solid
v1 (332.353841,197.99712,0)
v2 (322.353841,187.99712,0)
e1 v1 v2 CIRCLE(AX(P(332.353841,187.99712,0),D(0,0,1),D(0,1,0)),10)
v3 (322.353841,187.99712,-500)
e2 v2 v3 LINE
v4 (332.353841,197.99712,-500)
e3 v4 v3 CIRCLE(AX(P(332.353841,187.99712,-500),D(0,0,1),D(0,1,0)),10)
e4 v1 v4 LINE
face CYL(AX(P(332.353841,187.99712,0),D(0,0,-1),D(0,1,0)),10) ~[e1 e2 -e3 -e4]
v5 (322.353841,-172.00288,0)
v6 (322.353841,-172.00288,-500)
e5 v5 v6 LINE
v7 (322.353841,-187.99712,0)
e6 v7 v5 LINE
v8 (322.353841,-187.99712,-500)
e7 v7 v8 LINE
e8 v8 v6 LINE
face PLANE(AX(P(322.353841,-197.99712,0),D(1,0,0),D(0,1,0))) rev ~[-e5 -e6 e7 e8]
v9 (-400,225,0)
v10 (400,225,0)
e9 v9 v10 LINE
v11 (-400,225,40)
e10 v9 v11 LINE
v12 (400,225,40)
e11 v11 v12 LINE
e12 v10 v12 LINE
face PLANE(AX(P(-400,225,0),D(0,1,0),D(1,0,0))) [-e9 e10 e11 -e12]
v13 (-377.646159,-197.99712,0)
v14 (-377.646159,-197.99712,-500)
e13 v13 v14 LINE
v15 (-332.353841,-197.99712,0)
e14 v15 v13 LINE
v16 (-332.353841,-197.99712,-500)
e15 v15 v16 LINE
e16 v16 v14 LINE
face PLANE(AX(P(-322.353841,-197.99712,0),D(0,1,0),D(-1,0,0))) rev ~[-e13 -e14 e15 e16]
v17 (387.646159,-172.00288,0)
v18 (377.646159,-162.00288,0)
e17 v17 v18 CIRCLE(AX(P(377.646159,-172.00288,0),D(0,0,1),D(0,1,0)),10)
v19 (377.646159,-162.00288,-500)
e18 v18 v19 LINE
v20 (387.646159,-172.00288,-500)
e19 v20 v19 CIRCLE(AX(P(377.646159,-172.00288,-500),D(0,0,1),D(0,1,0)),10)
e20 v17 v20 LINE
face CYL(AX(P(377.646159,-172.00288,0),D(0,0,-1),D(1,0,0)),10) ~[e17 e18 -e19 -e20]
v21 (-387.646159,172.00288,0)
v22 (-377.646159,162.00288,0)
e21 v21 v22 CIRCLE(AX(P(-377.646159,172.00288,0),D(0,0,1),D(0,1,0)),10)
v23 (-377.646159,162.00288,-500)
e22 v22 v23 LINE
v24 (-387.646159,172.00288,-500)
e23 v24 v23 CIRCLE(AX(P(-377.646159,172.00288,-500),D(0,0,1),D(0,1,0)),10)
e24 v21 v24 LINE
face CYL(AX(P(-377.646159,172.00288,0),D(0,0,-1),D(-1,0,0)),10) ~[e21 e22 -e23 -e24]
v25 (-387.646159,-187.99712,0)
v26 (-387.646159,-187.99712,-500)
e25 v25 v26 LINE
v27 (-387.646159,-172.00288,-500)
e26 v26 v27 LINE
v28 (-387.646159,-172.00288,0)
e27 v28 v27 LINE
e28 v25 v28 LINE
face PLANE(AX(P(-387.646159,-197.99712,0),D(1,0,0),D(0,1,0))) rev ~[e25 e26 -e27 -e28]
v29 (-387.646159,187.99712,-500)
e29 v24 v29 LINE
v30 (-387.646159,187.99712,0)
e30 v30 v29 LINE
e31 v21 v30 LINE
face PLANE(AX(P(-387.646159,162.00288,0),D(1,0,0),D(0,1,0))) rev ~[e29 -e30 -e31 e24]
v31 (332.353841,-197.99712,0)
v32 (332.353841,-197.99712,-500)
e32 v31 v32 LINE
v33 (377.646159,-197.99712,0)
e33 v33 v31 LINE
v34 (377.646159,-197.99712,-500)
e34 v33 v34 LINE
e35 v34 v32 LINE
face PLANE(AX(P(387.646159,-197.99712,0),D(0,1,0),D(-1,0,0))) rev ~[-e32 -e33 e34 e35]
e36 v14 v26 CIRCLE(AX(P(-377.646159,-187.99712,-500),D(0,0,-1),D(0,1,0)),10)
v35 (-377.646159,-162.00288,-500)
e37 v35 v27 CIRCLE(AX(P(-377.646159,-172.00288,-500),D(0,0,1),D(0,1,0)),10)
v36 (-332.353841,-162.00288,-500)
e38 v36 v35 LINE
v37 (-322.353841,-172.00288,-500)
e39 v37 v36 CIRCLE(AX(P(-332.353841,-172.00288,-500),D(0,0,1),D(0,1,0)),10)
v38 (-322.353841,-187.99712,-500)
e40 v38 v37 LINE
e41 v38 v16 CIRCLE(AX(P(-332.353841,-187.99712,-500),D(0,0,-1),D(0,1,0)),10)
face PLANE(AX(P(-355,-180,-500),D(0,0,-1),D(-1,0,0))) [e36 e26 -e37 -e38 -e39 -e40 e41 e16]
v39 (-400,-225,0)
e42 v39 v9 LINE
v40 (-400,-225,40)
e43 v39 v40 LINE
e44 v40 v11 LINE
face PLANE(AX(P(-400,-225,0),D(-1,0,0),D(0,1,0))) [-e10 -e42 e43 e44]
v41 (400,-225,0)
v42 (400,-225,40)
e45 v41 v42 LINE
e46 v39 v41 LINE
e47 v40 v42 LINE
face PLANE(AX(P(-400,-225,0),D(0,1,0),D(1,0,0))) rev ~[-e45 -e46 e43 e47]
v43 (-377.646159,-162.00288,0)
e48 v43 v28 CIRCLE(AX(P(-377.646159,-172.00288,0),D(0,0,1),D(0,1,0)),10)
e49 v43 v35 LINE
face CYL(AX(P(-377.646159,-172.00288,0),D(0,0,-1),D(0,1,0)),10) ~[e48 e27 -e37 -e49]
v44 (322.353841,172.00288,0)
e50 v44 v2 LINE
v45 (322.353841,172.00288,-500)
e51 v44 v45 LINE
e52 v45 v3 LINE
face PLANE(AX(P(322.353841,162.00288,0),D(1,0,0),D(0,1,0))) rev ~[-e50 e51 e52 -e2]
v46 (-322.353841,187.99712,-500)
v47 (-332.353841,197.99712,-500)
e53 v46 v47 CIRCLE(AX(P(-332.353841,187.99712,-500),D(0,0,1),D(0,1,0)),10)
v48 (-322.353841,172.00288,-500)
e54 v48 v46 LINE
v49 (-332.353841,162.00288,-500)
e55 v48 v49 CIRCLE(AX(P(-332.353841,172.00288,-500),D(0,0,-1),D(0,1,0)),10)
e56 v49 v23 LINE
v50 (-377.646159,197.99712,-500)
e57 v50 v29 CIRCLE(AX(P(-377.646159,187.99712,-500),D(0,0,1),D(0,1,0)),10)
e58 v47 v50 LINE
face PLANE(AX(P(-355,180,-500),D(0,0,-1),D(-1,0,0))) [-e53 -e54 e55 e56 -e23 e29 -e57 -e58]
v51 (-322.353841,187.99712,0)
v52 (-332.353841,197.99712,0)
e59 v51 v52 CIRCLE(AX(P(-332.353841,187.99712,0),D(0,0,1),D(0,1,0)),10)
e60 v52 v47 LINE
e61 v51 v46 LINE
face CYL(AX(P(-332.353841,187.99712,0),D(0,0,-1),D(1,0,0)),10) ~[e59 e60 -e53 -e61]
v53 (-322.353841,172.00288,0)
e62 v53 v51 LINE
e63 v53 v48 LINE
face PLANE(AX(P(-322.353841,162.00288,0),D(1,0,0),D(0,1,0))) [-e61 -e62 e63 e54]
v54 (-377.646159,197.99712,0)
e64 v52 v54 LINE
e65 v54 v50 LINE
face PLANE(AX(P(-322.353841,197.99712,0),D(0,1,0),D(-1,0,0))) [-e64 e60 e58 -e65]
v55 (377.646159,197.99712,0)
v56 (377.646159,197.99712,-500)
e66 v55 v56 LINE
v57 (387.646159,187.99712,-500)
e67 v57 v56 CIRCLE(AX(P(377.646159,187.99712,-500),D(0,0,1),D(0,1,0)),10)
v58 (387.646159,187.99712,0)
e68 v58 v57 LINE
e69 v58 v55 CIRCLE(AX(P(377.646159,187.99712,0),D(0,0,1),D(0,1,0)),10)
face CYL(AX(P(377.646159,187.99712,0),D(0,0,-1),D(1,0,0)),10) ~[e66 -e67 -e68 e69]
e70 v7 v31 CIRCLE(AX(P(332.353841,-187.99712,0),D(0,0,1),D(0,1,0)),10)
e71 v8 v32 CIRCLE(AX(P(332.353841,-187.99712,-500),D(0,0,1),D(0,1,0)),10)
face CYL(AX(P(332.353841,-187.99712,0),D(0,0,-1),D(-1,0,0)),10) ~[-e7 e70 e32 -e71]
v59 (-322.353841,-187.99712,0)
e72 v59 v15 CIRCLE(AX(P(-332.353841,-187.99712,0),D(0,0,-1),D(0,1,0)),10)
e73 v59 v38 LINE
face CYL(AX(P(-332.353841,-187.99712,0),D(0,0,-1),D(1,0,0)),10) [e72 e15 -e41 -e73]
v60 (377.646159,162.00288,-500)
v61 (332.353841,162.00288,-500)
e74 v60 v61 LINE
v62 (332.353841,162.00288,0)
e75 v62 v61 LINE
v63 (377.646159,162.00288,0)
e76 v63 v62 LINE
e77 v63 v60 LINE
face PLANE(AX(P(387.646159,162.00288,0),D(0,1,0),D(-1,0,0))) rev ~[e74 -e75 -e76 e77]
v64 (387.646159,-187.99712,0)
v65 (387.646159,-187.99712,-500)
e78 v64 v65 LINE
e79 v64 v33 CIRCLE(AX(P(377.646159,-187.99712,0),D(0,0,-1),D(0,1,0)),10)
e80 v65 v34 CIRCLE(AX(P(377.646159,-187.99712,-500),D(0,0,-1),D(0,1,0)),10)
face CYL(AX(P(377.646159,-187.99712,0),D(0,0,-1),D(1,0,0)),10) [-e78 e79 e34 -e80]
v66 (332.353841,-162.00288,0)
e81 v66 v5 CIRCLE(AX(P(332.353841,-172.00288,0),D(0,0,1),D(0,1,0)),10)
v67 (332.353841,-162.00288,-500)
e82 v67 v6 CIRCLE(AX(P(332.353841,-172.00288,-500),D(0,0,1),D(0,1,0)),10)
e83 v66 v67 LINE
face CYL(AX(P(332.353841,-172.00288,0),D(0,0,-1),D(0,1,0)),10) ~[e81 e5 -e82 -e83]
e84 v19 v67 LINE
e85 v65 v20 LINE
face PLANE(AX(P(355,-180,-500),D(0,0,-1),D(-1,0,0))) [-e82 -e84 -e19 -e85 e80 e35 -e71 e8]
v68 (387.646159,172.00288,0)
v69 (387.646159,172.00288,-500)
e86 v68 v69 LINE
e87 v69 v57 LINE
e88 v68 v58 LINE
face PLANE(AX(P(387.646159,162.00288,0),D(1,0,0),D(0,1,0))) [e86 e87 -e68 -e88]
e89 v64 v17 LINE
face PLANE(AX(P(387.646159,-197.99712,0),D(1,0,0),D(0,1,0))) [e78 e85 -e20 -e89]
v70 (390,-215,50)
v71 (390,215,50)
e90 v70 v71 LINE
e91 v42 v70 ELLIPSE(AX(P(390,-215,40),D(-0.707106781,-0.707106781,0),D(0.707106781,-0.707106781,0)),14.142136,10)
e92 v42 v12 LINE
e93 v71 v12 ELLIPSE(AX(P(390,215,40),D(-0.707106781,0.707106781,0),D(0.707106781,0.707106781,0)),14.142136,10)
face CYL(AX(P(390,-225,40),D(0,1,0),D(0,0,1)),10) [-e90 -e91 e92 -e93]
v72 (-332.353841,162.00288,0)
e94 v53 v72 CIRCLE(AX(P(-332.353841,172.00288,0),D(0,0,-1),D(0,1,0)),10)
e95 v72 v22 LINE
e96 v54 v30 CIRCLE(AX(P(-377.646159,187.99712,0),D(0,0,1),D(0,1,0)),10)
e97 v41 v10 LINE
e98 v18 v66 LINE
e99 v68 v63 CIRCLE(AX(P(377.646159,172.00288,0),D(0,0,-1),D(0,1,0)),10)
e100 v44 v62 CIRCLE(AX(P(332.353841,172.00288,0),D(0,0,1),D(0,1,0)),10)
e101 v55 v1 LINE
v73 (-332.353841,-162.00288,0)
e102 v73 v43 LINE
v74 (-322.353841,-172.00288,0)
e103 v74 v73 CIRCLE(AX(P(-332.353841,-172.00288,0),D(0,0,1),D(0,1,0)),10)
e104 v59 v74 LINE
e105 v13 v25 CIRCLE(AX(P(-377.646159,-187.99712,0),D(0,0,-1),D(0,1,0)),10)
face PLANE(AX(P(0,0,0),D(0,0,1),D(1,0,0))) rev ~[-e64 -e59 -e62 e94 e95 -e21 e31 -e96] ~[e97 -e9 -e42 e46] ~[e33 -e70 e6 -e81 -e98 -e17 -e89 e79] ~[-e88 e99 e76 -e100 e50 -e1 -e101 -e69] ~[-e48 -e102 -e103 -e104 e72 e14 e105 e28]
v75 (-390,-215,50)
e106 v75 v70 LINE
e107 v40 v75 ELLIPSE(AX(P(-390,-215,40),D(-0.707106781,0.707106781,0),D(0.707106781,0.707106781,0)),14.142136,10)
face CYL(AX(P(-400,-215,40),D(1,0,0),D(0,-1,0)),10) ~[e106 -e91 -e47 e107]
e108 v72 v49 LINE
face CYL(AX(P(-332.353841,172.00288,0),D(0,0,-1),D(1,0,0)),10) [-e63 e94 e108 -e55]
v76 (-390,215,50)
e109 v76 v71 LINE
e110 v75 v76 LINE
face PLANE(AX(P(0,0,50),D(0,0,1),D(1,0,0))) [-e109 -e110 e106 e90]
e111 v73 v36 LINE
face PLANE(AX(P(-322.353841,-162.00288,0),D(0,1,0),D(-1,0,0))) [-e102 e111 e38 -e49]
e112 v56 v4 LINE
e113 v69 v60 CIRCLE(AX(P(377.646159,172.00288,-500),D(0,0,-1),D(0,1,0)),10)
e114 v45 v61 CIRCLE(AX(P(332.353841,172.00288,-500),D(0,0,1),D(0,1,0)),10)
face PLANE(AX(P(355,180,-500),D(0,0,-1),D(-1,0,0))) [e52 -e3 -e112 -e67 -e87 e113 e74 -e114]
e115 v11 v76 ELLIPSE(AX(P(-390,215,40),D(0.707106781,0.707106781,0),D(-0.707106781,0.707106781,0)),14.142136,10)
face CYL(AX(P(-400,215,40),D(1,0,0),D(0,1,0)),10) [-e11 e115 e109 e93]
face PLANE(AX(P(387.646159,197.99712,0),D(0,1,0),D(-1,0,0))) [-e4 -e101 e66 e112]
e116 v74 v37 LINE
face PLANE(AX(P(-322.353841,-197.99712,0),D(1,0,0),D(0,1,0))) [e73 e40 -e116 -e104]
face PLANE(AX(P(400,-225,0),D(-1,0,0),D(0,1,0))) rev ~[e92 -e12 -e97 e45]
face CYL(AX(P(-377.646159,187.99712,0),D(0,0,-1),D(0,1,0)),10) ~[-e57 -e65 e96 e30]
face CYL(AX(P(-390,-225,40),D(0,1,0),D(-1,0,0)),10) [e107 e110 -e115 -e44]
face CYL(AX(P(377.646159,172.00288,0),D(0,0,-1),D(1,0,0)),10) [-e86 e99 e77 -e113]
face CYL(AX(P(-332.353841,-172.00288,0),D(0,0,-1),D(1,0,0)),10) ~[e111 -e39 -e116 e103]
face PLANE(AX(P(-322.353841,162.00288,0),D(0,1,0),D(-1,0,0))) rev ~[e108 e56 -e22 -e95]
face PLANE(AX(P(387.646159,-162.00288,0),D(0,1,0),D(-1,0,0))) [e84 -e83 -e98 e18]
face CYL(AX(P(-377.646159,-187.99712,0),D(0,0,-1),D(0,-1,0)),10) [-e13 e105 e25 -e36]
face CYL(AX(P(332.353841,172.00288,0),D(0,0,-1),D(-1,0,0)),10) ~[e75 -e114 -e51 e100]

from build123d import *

# Parameters (mm, degrees)
SKETCH1_W            = 800
SKETCH1_H            = 450
TABLE_DEPTH          = 50
SKETCH2_W            = 65.292318294
SKETCH2_H            = 35.994240988
PIED_DEPTH           = 500
LPATTERN3_COUNT      = 2
LPATTERN3_PITCH      = 710
LPATTERN3_COUNT_DIR2 = 2
LPATTERN3_PITCH_DIR2 = 360
FILLET1_R            = 10
FILLET2_R            = 10
FILLET3_R            = 10
FILLET4_R            = 10
FILLET5_R            = 10


with BuildPart() as part:
    # Sketch1 → Table (new body)
    with BuildSketch(Plane.XY):
        Rectangle(SKETCH1_W, SKETCH1_H)
    extrude(amount=TABLE_DEPTH)

    # Sketch2 → pied (add)
    with BuildSketch(Plane(origin=(0, 0, 0), x_dir=(-1, 0, 0), z_dir=(0, 0, -1))):
        with Locations((355, -180)):
            Rectangle(SKETCH2_W, SKETCH2_H)
    pied = extrude(amount=PIED_DEPTH)

    # LPattern3: pied 2 × 2
    with Locations(*[(i * LPATTERN3_PITCH, j * LPATTERN3_PITCH_DIR2, 0) for i in range(LPATTERN3_COUNT) for j in range(LPATTERN3_COUNT_DIR2) if (i, j) != (0, 0)]):
        add(pied)

    # Fillet1
    fillet1_edges = [part.edges().sort_by_distance(p)[0] for p in [
        (-400, 0, 50),
        (0, -225, 50),
        (400, 0, 50),
        (0, 225, 50),
    ]]
    fillet(fillet1_edges, radius=FILLET1_R)

    # Fillet2
    fillet2_edges = [part.edges().sort_by_distance(p)[0] for p in [
        (-322.353840853, -162.002879506, -250),
        (-322.353840853, -197.997120494, -250),
        (-387.646159147, -197.997120494, -250),
        (-387.646159147, -162.002879506, -250),
    ]]
    fillet(fillet2_edges, radius=FILLET2_R)

    # Fillet3
    fillet3_edges = [part.edges().sort_by_distance(p)[0] for p in [
        (387.646159147, -162.002879506, -250),
        (387.646159147, -197.997120494, -250),
        (322.353840853, -197.997120494, -250),
        (322.353840853, -162.002879506, -250),
    ]]
    fillet(fillet3_edges, radius=FILLET3_R)

    # Fillet4
    fillet4_edges = [part.edges().sort_by_distance(p)[0] for p in [
        (387.646159147, 162.002879506, -250),
        (387.646159147, 197.997120494, -250),
        (322.353840853, 162.002879506, -250),
        (322.353840853, 197.997120494, -250),
    ]]
    fillet(fillet4_edges, radius=FILLET4_R)

    # Fillet5
    fillet5_edges = [part.edges().sort_by_distance(p)[0] for p in [
        (-322.353840853, 162.002879506, -250),
        (-322.353840853, 197.997120494, -250),
        (-387.646159147, 162.002879506, -250),
        (-387.646159147, 197.997120494, -250),
    ]]
    fillet(fillet5_edges, radius=FILLET5_R)


solid = part.part
